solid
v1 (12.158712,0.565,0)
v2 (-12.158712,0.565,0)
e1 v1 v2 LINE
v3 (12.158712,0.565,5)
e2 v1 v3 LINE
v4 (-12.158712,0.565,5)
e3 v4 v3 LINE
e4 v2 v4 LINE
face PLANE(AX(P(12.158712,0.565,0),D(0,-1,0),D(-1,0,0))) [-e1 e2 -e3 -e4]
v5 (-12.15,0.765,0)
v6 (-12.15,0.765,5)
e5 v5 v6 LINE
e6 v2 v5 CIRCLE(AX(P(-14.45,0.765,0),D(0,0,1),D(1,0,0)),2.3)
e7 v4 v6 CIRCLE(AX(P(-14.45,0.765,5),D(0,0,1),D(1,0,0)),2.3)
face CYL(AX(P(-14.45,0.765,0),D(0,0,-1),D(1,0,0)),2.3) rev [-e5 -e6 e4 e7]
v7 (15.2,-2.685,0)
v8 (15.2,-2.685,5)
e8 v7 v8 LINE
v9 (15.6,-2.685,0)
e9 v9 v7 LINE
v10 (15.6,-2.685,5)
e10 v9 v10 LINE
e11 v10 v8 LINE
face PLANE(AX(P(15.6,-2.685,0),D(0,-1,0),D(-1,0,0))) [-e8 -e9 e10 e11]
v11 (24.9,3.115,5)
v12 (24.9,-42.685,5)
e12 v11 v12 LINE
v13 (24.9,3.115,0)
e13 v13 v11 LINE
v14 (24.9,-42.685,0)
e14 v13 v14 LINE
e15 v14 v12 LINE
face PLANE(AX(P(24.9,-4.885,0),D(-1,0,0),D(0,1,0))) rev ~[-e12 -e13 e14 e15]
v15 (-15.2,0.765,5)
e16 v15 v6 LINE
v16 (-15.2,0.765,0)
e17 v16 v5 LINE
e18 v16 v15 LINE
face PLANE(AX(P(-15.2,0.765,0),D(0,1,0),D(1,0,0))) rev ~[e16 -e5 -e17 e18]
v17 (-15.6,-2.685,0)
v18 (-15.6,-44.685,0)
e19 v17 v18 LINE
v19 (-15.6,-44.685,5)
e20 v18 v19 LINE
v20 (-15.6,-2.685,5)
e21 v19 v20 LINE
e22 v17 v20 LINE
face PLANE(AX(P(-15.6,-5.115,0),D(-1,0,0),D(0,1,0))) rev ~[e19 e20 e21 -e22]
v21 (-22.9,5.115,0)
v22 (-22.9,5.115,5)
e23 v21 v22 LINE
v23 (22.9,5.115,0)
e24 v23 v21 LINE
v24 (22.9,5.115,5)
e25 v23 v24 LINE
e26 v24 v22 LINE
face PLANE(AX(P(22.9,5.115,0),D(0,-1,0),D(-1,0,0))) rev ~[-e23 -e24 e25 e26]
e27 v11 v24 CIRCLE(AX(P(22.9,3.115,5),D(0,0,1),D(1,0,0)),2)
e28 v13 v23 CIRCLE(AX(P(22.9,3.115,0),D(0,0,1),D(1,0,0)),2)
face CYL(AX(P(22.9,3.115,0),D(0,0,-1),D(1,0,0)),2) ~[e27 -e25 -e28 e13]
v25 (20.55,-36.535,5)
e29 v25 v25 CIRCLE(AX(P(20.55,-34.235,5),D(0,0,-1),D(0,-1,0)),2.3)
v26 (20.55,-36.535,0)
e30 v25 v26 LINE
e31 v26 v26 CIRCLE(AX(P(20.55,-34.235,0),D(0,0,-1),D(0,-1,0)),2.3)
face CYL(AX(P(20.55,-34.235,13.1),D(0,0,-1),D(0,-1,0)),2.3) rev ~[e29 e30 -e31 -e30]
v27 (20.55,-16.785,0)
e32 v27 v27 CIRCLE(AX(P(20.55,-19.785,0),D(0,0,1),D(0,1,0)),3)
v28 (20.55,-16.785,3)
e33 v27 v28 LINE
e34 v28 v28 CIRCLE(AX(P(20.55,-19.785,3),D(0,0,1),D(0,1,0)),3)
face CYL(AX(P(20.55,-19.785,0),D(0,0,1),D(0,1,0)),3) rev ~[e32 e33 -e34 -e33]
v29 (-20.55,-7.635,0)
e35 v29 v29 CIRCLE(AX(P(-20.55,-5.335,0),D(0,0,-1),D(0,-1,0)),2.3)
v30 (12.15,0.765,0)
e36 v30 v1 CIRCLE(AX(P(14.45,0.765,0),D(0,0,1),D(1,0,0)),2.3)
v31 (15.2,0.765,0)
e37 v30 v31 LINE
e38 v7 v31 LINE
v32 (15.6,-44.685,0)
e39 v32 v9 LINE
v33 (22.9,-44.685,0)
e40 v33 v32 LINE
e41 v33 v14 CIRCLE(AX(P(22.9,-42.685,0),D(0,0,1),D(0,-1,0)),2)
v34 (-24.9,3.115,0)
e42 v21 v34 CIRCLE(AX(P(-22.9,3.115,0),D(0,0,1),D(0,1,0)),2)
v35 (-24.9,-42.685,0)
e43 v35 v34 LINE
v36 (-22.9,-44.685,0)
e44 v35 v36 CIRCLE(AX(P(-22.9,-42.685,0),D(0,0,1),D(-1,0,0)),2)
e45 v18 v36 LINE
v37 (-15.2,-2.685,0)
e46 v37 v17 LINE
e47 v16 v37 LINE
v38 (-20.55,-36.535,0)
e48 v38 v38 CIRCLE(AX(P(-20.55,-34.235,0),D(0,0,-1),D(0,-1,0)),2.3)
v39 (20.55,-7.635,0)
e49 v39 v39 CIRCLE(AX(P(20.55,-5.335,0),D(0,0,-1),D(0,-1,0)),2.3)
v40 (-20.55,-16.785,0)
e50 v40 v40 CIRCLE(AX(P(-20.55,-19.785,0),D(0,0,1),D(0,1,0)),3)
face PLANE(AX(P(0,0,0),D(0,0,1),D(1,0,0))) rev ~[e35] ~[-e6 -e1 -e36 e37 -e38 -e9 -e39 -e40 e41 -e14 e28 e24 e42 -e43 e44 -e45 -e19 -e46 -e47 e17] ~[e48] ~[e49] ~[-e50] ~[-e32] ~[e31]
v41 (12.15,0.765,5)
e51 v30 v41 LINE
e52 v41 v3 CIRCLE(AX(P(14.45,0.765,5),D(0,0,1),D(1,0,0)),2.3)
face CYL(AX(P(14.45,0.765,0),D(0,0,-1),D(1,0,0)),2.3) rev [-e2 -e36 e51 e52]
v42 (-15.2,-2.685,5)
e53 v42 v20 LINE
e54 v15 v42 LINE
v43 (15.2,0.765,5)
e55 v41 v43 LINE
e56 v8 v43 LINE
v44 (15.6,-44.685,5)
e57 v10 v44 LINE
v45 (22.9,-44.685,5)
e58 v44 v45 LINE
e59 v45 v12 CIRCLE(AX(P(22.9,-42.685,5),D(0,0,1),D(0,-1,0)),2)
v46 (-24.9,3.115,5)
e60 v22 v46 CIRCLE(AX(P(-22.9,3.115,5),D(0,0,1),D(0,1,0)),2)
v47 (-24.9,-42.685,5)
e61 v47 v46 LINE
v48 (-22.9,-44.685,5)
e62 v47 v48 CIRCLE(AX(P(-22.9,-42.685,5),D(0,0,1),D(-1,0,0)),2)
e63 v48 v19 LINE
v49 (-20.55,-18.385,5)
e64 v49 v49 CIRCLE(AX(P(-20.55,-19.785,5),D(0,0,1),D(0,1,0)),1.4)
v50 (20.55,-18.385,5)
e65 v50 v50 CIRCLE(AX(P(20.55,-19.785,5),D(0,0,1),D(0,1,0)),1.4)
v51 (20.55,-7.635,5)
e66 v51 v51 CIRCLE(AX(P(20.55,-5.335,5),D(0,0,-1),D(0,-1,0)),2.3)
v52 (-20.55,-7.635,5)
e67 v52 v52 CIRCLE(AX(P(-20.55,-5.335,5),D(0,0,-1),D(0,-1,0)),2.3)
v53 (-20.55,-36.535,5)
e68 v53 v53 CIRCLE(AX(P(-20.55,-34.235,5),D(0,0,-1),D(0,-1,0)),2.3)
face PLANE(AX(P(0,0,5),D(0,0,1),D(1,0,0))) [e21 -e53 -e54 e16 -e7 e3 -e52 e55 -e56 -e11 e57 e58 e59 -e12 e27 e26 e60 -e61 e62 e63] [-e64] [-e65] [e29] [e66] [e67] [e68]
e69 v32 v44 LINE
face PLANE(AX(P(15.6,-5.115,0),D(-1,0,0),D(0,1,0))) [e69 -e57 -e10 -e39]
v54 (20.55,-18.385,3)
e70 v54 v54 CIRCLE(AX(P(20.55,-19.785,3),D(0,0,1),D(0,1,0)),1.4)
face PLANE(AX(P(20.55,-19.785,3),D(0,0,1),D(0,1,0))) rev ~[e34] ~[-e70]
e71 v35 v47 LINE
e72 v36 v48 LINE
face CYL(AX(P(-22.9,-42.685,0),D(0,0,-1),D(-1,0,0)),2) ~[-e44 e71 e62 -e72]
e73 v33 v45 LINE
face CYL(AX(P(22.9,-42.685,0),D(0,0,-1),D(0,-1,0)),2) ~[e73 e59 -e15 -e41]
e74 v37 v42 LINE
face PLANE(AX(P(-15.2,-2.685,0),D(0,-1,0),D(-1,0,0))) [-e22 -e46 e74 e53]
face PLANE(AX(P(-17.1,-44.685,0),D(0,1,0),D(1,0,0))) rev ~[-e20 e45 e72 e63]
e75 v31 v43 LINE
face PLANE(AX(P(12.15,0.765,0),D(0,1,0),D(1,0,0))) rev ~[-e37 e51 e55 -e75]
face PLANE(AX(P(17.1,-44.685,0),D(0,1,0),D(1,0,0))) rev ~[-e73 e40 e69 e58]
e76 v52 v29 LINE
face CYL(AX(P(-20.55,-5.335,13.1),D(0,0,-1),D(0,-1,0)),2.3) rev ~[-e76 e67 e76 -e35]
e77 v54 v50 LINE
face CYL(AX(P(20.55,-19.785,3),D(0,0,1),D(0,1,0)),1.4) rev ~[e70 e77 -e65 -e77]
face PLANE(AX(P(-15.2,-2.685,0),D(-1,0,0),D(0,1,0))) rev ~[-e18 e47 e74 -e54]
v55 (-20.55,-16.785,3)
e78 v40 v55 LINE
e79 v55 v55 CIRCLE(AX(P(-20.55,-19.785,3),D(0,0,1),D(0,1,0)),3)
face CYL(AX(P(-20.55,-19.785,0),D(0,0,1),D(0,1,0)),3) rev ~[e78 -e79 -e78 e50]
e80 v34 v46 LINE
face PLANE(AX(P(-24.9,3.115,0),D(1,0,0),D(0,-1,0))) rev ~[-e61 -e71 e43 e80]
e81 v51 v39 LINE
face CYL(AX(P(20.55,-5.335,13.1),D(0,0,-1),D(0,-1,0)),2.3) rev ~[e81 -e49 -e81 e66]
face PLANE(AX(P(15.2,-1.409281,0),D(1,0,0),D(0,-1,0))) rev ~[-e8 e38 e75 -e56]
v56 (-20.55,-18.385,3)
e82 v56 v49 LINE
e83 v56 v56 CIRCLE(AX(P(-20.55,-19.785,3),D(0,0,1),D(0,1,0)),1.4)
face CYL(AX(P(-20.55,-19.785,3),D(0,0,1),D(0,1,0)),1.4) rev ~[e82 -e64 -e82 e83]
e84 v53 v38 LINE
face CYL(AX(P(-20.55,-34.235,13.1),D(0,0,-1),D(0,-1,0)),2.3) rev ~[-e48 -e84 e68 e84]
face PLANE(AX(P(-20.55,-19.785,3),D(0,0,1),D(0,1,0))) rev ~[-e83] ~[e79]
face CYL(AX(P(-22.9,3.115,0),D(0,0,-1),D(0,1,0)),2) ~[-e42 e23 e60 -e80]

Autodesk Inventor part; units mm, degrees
ref_plane "YZ Plane" through (0, 0, 0) normal (1, 0, 0) x (0, 1, 0)
ref_plane "XZ Plane" through (0, 0, 0) normal (0, 1, 0) x (-1, 0, 0)
ref_plane "XY Plane" through (0, 0, 0) normal (0, 0, 1) x (1, 0, 0)
sketch "Sketch1" plane through (0, 0, 0) normal (0, 0, 1) x (1, 0, 0)
  circle A0 centre (-21, 1.215) radius 1.4 projected
  circle A1 centre (21, 1.215) radius 1.4 projected
  arc A2 (24.9, 3.115) -> (22.9, 5.115) centre (22.9, 3.115) ccw projected
  line L0 (22.9, 5.115) -> (-22.9, 5.115) projected
  arc A3 (-22.9, 5.115) -> (-24.9, 3.115) centre (-22.9, 3.115) ccw projected
  line L1 (-24.9, 3.115) -> (-24.9, -5.115) projected
  line L2 (22.8395, -5.115) -> (24.9, -5.115) projected
  line L3 (24.9, -5.115) -> (24.9, 3.115) projected
  arc A4 (22.9, -44.685) -> (24.9, -42.685) centre (22.9, -42.685) ccw projected
  line L4 (24.9, -42.685) -> (24.9, -36.885) projected
  line L5 (24.9, -36.885) -> (17.1, -36.885) projected
  line L6 (17.1, -36.885) -> (17.1, -44.685) projected
  line L7 (17.1, -44.685) -> (22.9, -44.685) projected
  circle A5 centre (21, -40.785) radius 1.4 projected
  arc A6 (-24.9, -42.685) -> (-22.9, -44.685) centre (-22.9, -42.685) ccw projected
  line L8 (-22.9, -44.685) -> (-17.1, -44.685) projected
  line L9 (-17.1, -44.685) -> (-17.1, -36.885) projected
  line L10 (-17.1, -36.885) -> (-24.9, -36.885) projected
  line L11 (-24.9, -36.885) -> (-24.9, -42.685) projected
  circle A7 centre (-21, -40.785) radius 1.4 projected
  line L12 (24.9, 5.115) -> (-24.9, 5.115)
  line L13 (-24.9, 5.115) -> (-24.9, -44.685)
  line L14 (-24.9, -44.685) -> (24.9, -44.685)
  line L15 (24.9, -44.685) -> (24.9, 5.115)
  line L16 (17.1, -2.685) -> (-17.1, -2.685)
  line L17 (-17.1, -2.685) -> (-17.1, -36.885)
  line L18 (-17.1, -36.885) -> (17.1, -36.885)
  line L19 (17.1, -36.885) -> (17.1, -2.685)
  line L20 (17.1, -36.885) -> (17.1, -44.685)
  line L21 (-17.1, -36.885) -> (-17.1, -44.685)
  circle A8 centre (0, 1.415) radius 1.4 projected
  arc A9 (-18.2605, -5.115) -> (-22.8395, -5.115) centre (-20.55, -5.335) ccw projected
  arc A10 (22.8395, -5.115) -> (18.2605, -5.115) centre (20.55, -5.335) ccw projected
  circle A11 centre (14.45, 0.765) radius 2.3 projected
  circle A12 centre (-14.45, 0.765) radius 2.3 projected
  line L22 (-24.9, -5.115) -> (-22.8395, -5.115) projected
  line L23 (-18.2605, -5.115) -> (18.2605, -5.115) projected
  circle A13 centre (20, -39.785) radius 1.4 projected
  circle A14 centre (-20, -39.785) radius 1.4 projected
  circle A15 centre (-14.45, -40.335) radius 2.3 projected
  circle A16 centre (20.55, -34.235) radius 2.3 projected
  circle A17 centre (-20.55, -34.235) radius 2.3 projected
  circle A18 centre (14.45, -40.335) radius 2.3 projected
  arc A19 (22.9, -44.685) -> (24.9, -42.685) centre (22.9, -42.685) ccw projected
  line L24 (24.9, -42.685) -> (24.9, -4.885) projected
  line L25 (24.9, -4.885) -> (22.8055, -4.885) projected
  line L26 (17.1, -4.885) -> (17.1, -36.885) projected
  line L27 (17.1, -36.885) -> (-17.1, -36.885) projected
  line L28 (-17.1, -36.885) -> (-17.1, -4.885) projected
  line L29 (-22.8055, -4.885) -> (-24.9, -4.885) projected
  line L30 (-24.9, -4.885) -> (-24.9, -42.685) projected
  arc A20 (-24.9, -42.685) -> (-22.9, -44.685) centre (-22.9, -42.685) ccw projected
  line L31 (-22.9, -44.685) -> (22.9, -44.685) projected
  arc A21 (-22.8055, -4.885) -> (-18.2945, -4.885) centre (-20.55, -5.335) ccw projected
  arc A22 (18.2945, -4.885) -> (22.8055, -4.885) centre (20.55, -5.335) ccw projected
  line L32 (18.2945, -4.885) -> (17.1, -4.885) projected
  line L33 (-17.1, -4.885) -> (-18.2945, -4.885) projected
  line L34 (17.1, -44.685) -> (15.6, -44.685)
  line L35 (15.6, -44.685) -> (15.6, -2.685)
  line L36 (15.6, -2.685) -> (17.1, -2.685)
  line L37 (17.1, -2.685) -> (17.1, -44.685)
  line L38 (-17.1, -44.685) -> (-15.6, -44.685)
  line L39 (-15.6, -44.685) -> (-15.6, -2.685)
  line L40 (-15.6, -2.685) -> (-17.1, -2.685)
  line L41 (-17.1, -2.685) -> (-17.1, -44.685)
  line L42 (-15, -27.435) -> (15, -27.435) projected
  line L43 (15, -27.435) -> (15, 0.565) projected
  line L44 (15, 0.565) -> (-15, 0.565) projected
  line L45 (-15, 0.565) -> (-15, -27.435) projected
  circle A23 centre (0, -19.785) radius 6.5 projected
  circle A24 centre (-10, -2.435) radius 2.75 projected
  circle A25 centre (10, -2.435) radius 2.75 projected
  line L46 (15.2, 0.765) -> (15.2, -27.635)
  line L47 (15.2, -27.635) -> (-15.2, -27.635)
  line L48 (-15.2, -27.635) -> (-15.2, 0.765)
  line L49 (-15.2, 0.765) -> (15.2, 0.765)
  point P0 (0, 0)
  point P1 (-20.55, -5.335)
  point P2 (20.55, -5.335)
  point P3 (-20.55, -5.335)
  point P4 (20.55, -5.335)
  point P5 (15.2, -2.685)
  point P6 (-15.2, -2.685)
  point P7 (-12.15, 0.765)
  point P8 (-12.1587, 0.565)
  point P9 (12.1587, 0.565)
  point P10 (12.15, 0.765)
  point P11 (-15.6, -36.885)
  point P12 (15.6, -36.885)
  dimension "d0" = 7.8
  dimension "d23" = 1.5
  dimension "d24" = 1.5
  dimension "d57" = 0.2
extrude "Extrusion1" add sketch "Sketch1" along normal blind 5 contours A0 | A1 | L3 L25 A10 L32 L19 L16 L46 A11 L49 A8 A12 L48 L17 L33 A9 L29 L1 A3 L0 A2 | L3 L2 A10 L25 | L15 L5 L19 L23 A22 L2 | A10 A22 | L4 A4 L7 L6 L5 | A10 L23 L19 L32 | L29 A9 L22 L1 | L6 L14 L35 A18 L18 | L18 L35 L23 L19 | L19 L23 L35 L16 | L22 A21 L23 L17 L10 L13 | A9 A21 | L10 L9 L8 A6 L11 | L33 L17 L23 A9 | L39 A15 L14 L9 L18 | L18 L17 L23 L39 | A18 L35 | L17 L16 L39 L23 | L39 A15 | L46 L49 A11 | A12 L49 L48 | L44 A8 L49 A11 | L49 A8 L44 A12 | L44 A8 L49 | L49 A8 | A5 A13 | A13 A5 | A5 A13 | A7 A14 | A7 A14 | A14 A7 | A16 | A17 picked at (16.0467, -40.1174) picked at (-15.7428, -39.7773)
ref_plane "Arbeitsebene1" through (15.3065, -4.4785, 13.1) normal (0, 0, 1) x (0, 1, 0)
sketch "Skizze3" plane through (15.3065, -4.4785, 13.1) normal (0, 0, 1) x (0, 1, 0)
  line L0 (-0.0065, 32.6065) -> (-30.6065, 32.6065) projected
  arc A0 (1.9935, 30.6065) -> (-0.0065, 32.6065) centre (-0.0065, 30.6065) ccw projected
  line L1 (1.9935, 30.6065) -> (1.9935, 0.0065) projected
  arc A1 (-0.0065, -1.9935) -> (1.9935, 0.0065) centre (-0.0065, 0.0065) ccw projected
  line L2 (-0.0065, -1.9935) -> (-30.6065, -1.9935) projected
  arc A2 (-32.6065, 0.0065) -> (-30.6065, -1.9935) centre (-30.6065, 0.0065) ccw projected
  line L3 (-32.6065, 0.0065) -> (-32.6065, 30.6065) projected
  arc A3 (-30.6065, 32.6065) -> (-32.6065, 30.6065) centre (-30.6065, 30.6065) ccw projected
  circle A4 centre (-35.2065, 35.2065) radius 2.4 projected
  circle A5 centre (-35.8565, 29.7565) radius 2.45 projected
  circle A6 centre (-29.7565, 35.8565) radius 2.45 projected
  circle A7 centre (-35.2065, -4.5935) radius 2.4 projected
  circle A8 centre (-35.8565, 0.8565) radius 2.45 projected
  circle A9 centre (-29.7565, -5.2435) radius 2.45 projected
  circle A10 centre (4.5935, 35.2065) radius 2.4 projected
  circle A11 centre (5.2435, 29.7565) radius 2.45 projected
  circle A12 centre (-0.8565, 35.8565) radius 2.45 projected
  circle A13 centre (-0.8565, -5.2435) radius 2.45 projected
  circle A14 centre (5.2435, 0.8565) radius 2.45 projected
  circle A15 centre (4.5935, -4.5935) radius 2.4 projected
  line L4 (-10.3065, -9.6935) -> (7.6935, -9.6935) projected
  arc A16 (7.6935, -9.6935) -> (9.6935, -7.6935) centre (7.6935, -7.6935) ccw projected
  line L5 (9.6935, 10.3065) -> (9.6935, -7.6935) projected
  line L6 (9.6935, 10.3065) -> (10.5197, 10.3065) projected
  arc A17 (10.9935, 9.9665) -> (10.5197, 10.3065) centre (10.5197, 9.8065) ccw projected
  arc A18 (10.9935, 9.9665) -> (12.953, 8.3665) centre (12.953, 10.3665) ccw projected
  line L7 (12.953, 8.3665) -> (13.0935, 8.3665) projected
  arc A19 (13.0935, 8.3665) -> (15.0935, 10.3665) centre (13.0935, 10.3665) ccw projected
  line L8 (15.0935, 10.3665) -> (15.0935, 20.2465) projected
  arc A20 (15.0935, 20.2465) -> (13.0935, 22.2465) centre (13.0935, 20.2465) ccw projected
  line L9 (13.0935, 22.2465) -> (12.953, 22.2465) projected
  arc A21 (12.953, 22.2465) -> (10.9935, 20.6465) centre (12.953, 20.2465) ccw projected
  arc A22 (10.5197, 20.3065) -> (10.9935, 20.6465) centre (10.5197, 20.8065) ccw projected
  line L10 (10.5197, 20.3065) -> (9.6935, 20.3065) projected
  line L11 (9.6935, 38.3065) -> (9.6935, 20.3065) projected
  arc A23 (9.6935, 38.3065) -> (7.6935, 40.3065) centre (7.6935, 38.3065) ccw projected
  line L12 (7.6935, 40.3065) -> (-10.156, 40.3065) projected
  line L13 (-10.156, 40.3065) -> (-10.1563, 39.5805) projected
  arc A24 (-10.1563, 39.5805) -> (-9.9265, 39.2516) centre (-9.8062, 39.5805) ccw projected
  arc A25 (-8.2165, 37.1473) -> (-9.9265, 39.2516) centre (-10.3665, 37.1472) ccw projected
  line L14 (-8.2165, 37.1473) -> (-8.2165, 37.007) projected
  arc A26 (-10.3664, 34.8569) -> (-8.2165, 37.007) centre (-10.3665, 37.0069) ccw projected
  line L15 (-10.3664, 34.8569) -> (-20.25, 34.8563) projected
  arc A27 (-22.4012, 37.0074) -> (-20.25, 34.8563) centre (-20.2501, 37.0074) ccw projected
  line L16 (-22.4012, 37.0074) -> (-22.4012, 37.1472) projected
  arc A28 (-20.6871, 39.2564) -> (-22.4012, 37.1472) centre (-20.2465, 37.1472) ccw projected
  arc A29 (-20.6871, 39.2564) -> (-20.4574, 39.5808) centre (-20.8064, 39.5844) ccw projected
  line L17 (-20.4574, 39.5808) -> (-20.4576, 40.3065) projected
  line L18 (-20.4576, 40.3065) -> (-38.3065, 40.3065) projected
  arc A30 (-38.3065, 40.3065) -> (-40.3065, 38.3065) centre (-38.3065, 38.3065) ccw projected
  line L19 (-40.3065, 20.4571) -> (-40.3065, 38.3065) projected
  line L20 (-40.3065, 20.4571) -> (-39.5805, 20.4567) projected
  arc A31 (-39.5805, 20.4567) -> (-39.2516, 20.6865) centre (-39.5805, 20.8069) ccw projected
  arc A32 (-37.1473, 22.3966) -> (-39.2516, 20.6865) centre (-37.1472, 20.2466) ccw projected
  line L21 (-37.1473, 22.3966) -> (-37.007, 22.3966) projected
  arc A33 (-34.8569, 20.2467) -> (-37.007, 22.3966) centre (-37.0069, 20.2466) ccw projected
  line L22 (-34.8569, 20.2467) -> (-34.8563, 10.3631) projected
  arc A34 (-37.0074, 8.2119) -> (-34.8563, 10.3631) centre (-37.0074, 10.363) ccw projected
  line L23 (-37.0074, 8.2119) -> (-37.1472, 8.2119) projected
  arc A35 (-39.2564, 9.9259) -> (-37.1472, 8.2119) centre (-37.1472, 10.3665) ccw projected
  arc A36 (-39.2564, 9.9259) -> (-39.5808, 10.1556) centre (-39.5844, 9.8067) ccw projected
  line L24 (-39.5808, 10.1556) -> (-40.3065, 10.1554) projected
  line L25 (-40.3065, -7.6935) -> (-40.3065, 10.1554) projected
  arc A37 (-40.3065, -7.6935) -> (-38.3065, -9.6935) centre (-38.3065, -7.6935) ccw projected
  line L26 (-38.3065, -9.6935) -> (-20.3065, -9.6935) projected
  line L27 (-20.3065, -9.6935) -> (-20.3065, -10.5197) projected
  arc A38 (-20.6465, -10.9935) -> (-20.3065, -10.5197) centre (-20.8065, -10.5197) ccw projected
  arc A39 (-20.6465, -10.9935) -> (-22.2465, -12.953) centre (-20.2465, -12.953) ccw projected
  line L28 (-22.2465, -12.953) -> (-22.2465, -13.0935) projected
  arc A40 (-22.2465, -13.0935) -> (-20.2465, -15.0935) centre (-20.2465, -13.0935) ccw projected
  line L29 (-20.2465, -15.0935) -> (-10.3665, -15.0935) projected
  arc A41 (-10.3665, -15.0935) -> (-8.3665, -13.0935) centre (-10.3665, -13.0935) ccw projected
  line L30 (-8.3665, -13.0935) -> (-8.3665, -12.953) projected
  arc A42 (-8.3665, -12.953) -> (-9.9665, -10.9935) centre (-10.3665, -12.953) ccw projected
  arc A43 (-10.3065, -10.5197) -> (-9.9665, -10.9935) centre (-9.8065, -10.5197) ccw projected
  line L31 (-10.3065, -10.5197) -> (-10.3065, -9.6935) projected
  circle A44 centre (-15.4065, -5.9935) radius 2.15 projected
  circle A45 centre (5.9935, 15.2065) radius 2.15 projected
  point P0 (4.4785, 15.3065)
hole "Bohrung1" at (-20.55, -34.235, 13.1) at (-20.55, -5.335, 13.1) at (20.55, -5.335, 13.1) at (20.55, -34.235, 13.1) direction (0, 0, -1) diameter 4.6 end through all
sketch "Skizze10" plane through (0, 0, 0) normal (0, 0, -1) x (-1, 0, 0)
  circle A0 centre (-20.55, -19.785) radius 1.4 projected
  circle A1 centre (20.55, -19.785) radius 1.4 projected
  point P0 (0, 0)
hole "Bohrung5" at (20.55, -19.785, 0) at (-20.55, -19.785, 0) direction (0, 0, 1) diameter 2.8 end through all counterbore diameter 6 counterbore depth 3
properties part number "30_Linear_Stage_NEMA11_China_lid_universal_extender_v2"
